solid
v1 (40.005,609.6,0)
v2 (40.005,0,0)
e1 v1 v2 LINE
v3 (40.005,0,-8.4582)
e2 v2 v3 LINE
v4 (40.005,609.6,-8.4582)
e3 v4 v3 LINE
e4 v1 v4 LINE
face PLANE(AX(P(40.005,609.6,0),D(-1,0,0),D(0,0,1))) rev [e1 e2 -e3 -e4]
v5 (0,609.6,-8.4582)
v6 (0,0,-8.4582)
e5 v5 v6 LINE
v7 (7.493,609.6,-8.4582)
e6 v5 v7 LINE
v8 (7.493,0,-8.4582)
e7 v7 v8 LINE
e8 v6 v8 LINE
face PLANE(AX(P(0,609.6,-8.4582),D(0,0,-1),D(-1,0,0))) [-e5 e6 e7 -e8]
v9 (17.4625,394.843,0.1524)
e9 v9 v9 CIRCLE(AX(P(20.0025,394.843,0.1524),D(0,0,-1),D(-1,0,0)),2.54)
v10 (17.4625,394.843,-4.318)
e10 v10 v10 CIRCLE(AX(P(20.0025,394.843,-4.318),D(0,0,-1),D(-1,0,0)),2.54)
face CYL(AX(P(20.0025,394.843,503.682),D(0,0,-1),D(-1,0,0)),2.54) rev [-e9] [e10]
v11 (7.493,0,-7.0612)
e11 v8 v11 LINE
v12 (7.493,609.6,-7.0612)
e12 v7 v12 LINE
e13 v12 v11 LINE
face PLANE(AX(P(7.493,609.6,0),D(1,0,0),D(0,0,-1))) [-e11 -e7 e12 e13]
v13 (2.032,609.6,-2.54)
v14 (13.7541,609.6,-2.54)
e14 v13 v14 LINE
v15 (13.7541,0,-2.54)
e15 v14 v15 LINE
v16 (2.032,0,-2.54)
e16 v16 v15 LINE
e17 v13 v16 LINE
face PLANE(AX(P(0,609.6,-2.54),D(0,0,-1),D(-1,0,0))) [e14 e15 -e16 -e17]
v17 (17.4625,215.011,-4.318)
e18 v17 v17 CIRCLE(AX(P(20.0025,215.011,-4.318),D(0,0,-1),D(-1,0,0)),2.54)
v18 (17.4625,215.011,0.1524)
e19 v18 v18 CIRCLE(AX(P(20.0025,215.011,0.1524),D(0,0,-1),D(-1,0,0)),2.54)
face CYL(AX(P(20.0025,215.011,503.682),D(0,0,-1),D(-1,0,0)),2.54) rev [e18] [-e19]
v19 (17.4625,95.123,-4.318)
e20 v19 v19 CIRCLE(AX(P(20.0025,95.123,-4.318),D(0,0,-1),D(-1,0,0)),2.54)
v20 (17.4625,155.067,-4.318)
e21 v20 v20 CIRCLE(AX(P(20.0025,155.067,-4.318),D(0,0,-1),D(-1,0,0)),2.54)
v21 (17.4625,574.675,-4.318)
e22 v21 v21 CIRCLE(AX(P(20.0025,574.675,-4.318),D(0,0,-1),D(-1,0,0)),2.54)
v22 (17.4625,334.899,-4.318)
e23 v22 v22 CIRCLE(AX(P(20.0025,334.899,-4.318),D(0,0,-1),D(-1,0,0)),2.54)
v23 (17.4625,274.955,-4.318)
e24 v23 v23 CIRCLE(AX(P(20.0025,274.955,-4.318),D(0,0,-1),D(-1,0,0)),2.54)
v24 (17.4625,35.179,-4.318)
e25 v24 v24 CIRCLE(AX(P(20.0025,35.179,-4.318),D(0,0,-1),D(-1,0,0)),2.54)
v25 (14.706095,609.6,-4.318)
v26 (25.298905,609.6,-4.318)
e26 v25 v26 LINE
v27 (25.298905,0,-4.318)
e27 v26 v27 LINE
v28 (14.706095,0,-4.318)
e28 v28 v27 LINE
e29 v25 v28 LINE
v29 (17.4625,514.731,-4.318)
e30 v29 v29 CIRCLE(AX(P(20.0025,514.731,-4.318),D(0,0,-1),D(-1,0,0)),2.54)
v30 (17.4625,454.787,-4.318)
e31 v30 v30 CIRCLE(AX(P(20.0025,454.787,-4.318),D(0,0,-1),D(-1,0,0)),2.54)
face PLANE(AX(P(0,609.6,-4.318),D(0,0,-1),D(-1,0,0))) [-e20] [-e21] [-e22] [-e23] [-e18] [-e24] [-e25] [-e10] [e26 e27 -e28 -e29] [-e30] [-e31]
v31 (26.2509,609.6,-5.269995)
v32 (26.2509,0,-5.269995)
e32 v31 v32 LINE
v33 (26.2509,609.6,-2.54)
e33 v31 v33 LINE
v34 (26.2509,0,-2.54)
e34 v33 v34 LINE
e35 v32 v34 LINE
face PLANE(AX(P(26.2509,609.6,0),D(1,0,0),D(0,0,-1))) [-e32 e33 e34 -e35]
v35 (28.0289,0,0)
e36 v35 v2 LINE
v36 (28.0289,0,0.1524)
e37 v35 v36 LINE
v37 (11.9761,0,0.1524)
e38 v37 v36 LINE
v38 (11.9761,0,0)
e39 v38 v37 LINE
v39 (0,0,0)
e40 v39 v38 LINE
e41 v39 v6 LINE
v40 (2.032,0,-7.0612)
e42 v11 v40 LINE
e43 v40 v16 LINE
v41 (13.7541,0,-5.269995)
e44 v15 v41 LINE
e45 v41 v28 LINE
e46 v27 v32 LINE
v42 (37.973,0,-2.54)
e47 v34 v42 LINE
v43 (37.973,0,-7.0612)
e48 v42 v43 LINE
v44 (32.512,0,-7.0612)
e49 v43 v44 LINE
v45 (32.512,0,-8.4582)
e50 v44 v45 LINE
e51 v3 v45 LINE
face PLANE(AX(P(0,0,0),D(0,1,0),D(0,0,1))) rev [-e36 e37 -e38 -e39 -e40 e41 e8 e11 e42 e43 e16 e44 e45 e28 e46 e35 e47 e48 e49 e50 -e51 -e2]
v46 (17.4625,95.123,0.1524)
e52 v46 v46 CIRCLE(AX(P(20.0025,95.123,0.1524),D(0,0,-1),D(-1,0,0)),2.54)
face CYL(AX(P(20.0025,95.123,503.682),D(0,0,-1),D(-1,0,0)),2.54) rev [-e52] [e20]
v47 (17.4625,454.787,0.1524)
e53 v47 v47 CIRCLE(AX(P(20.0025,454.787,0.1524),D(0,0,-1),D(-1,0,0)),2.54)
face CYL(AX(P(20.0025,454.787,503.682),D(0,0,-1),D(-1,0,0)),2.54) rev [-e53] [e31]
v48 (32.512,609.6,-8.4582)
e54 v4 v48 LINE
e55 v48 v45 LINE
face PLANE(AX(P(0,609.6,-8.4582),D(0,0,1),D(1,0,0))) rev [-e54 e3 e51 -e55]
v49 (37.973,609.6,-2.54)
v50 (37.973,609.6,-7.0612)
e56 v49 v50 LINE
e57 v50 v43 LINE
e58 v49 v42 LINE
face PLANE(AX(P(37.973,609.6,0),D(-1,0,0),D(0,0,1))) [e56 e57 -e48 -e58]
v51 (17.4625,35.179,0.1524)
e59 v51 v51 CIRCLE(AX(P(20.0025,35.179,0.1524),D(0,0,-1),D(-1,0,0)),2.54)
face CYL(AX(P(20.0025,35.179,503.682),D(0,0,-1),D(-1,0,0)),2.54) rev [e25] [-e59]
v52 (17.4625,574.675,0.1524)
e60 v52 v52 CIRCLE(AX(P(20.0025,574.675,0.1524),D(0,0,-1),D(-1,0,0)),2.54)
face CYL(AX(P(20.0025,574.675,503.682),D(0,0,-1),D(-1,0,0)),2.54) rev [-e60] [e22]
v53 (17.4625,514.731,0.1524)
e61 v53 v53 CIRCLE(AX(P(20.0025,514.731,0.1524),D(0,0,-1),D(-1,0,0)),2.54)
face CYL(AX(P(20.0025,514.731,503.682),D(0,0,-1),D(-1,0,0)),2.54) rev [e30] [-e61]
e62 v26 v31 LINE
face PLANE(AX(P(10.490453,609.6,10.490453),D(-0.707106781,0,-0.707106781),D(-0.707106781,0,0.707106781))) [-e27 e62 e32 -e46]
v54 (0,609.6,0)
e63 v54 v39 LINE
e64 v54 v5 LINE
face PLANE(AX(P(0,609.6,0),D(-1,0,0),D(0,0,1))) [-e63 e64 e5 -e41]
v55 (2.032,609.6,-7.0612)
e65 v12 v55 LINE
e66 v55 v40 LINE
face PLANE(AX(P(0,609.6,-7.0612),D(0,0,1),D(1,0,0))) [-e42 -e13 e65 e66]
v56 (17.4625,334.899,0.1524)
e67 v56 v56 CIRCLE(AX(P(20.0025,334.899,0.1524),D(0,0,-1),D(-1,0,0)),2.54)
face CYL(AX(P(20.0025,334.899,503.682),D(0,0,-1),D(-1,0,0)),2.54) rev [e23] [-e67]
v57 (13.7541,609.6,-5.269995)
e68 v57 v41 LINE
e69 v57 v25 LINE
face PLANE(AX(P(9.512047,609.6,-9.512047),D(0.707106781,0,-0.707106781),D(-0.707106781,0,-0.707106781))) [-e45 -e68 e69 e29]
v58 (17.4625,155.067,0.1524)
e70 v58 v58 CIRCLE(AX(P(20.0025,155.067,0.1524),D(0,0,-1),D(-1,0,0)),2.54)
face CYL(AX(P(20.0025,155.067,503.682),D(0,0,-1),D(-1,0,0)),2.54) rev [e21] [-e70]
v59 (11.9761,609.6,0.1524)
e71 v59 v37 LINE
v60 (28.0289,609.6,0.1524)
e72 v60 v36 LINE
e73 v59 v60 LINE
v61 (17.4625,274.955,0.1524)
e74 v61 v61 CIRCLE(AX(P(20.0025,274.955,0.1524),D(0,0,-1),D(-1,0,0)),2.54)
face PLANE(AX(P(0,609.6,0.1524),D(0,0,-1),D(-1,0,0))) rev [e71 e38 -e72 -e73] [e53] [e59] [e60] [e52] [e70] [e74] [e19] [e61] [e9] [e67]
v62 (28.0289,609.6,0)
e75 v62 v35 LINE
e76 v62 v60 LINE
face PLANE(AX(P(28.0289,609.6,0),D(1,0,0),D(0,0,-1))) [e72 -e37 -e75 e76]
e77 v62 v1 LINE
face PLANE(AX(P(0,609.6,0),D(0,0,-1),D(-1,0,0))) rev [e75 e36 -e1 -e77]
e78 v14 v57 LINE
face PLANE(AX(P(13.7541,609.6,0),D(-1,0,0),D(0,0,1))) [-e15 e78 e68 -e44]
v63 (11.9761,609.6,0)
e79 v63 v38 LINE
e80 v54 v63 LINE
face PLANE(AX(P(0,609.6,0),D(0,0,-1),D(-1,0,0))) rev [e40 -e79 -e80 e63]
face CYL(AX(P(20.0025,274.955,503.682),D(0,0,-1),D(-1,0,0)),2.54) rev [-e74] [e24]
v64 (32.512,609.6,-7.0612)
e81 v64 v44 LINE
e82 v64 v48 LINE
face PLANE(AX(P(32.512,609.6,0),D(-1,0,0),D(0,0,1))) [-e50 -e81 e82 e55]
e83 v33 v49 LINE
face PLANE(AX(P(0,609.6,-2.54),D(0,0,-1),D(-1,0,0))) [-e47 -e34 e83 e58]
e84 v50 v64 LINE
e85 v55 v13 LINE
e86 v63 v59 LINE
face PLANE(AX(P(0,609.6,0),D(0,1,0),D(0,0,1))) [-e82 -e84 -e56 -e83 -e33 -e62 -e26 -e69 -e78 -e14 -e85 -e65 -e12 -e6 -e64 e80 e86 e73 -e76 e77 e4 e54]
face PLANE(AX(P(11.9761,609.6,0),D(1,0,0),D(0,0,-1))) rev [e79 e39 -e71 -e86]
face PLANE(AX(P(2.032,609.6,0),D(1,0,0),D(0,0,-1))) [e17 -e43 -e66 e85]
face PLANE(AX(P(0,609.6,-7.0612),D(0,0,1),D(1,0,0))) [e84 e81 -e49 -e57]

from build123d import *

# Parameters (mm, degrees)
BOSS_EXTRUDE1_DEPTH = 609.6
SKETCH2_R           = 2.54
CUT_EXTRUDE1_DEPTH  = 508


with BuildPart() as part:
    # Sketch1 → Boss-Extrude1 (new body)
    with BuildSketch(Plane(origin=(0, 0, 0), x_dir=(1, 0, 0), z_dir=(0, 1, 0))):
        Polygon((0, 8.4582), (0, 0), (11.9761, 0), (11.9761, -0.1524), (28.0289, -0.1524), (28.0289, 0), (40.005, 0), (40.005, 8.4582), (32.512, 8.4582), (32.512, 7.0612), (37.973, 7.0612), (37.973, 2.54), (26.2509, 2.54), (26.2509, 5.269994695), (25.298905305, 4.318), (14.706094695, 4.318), (13.7541, 5.269994695), (13.7541, 2.54), (2.032, 2.54), (2.032, 7.0612), (7.493, 7.0612), (7.493, 8.4582), align=None)
    extrude(amount=BOSS_EXTRUDE1_DEPTH)

    # Sketch2 → Cut-Extrude1 (cut)
    with BuildSketch(Plane(origin=(0, 0, -4.318), x_dir=(-1, 0, 0), z_dir=(0, 0, -1))):
        with Locations((-20.0025, 574.675)):
            Circle(SKETCH2_R)
        with Locations((-20.0025, 514.731)):
            Circle(SKETCH2_R)
        with Locations((-20.0025, 454.787)):
            Circle(SKETCH2_R)
        with Locations((-20.0025, 394.843)):
            Circle(SKETCH2_R)
        with Locations((-20.0025, 334.899)):
            Circle(SKETCH2_R)
        with Locations((-20.0025, 274.955)):
            Circle(SKETCH2_R)
        with Locations((-20.0025, 215.011)):
            Circle(SKETCH2_R)
        with Locations((-20.0025, 155.067)):
            Circle(SKETCH2_R)
        with Locations((-20.0025, 95.123)):
            Circle(SKETCH2_R)
        with Locations((-20.0025, 35.179)):
            Circle(SKETCH2_R)
    extrude(amount=-CUT_EXTRUDE1_DEPTH, mode=Mode.SUBTRACT)


solid = part.part
